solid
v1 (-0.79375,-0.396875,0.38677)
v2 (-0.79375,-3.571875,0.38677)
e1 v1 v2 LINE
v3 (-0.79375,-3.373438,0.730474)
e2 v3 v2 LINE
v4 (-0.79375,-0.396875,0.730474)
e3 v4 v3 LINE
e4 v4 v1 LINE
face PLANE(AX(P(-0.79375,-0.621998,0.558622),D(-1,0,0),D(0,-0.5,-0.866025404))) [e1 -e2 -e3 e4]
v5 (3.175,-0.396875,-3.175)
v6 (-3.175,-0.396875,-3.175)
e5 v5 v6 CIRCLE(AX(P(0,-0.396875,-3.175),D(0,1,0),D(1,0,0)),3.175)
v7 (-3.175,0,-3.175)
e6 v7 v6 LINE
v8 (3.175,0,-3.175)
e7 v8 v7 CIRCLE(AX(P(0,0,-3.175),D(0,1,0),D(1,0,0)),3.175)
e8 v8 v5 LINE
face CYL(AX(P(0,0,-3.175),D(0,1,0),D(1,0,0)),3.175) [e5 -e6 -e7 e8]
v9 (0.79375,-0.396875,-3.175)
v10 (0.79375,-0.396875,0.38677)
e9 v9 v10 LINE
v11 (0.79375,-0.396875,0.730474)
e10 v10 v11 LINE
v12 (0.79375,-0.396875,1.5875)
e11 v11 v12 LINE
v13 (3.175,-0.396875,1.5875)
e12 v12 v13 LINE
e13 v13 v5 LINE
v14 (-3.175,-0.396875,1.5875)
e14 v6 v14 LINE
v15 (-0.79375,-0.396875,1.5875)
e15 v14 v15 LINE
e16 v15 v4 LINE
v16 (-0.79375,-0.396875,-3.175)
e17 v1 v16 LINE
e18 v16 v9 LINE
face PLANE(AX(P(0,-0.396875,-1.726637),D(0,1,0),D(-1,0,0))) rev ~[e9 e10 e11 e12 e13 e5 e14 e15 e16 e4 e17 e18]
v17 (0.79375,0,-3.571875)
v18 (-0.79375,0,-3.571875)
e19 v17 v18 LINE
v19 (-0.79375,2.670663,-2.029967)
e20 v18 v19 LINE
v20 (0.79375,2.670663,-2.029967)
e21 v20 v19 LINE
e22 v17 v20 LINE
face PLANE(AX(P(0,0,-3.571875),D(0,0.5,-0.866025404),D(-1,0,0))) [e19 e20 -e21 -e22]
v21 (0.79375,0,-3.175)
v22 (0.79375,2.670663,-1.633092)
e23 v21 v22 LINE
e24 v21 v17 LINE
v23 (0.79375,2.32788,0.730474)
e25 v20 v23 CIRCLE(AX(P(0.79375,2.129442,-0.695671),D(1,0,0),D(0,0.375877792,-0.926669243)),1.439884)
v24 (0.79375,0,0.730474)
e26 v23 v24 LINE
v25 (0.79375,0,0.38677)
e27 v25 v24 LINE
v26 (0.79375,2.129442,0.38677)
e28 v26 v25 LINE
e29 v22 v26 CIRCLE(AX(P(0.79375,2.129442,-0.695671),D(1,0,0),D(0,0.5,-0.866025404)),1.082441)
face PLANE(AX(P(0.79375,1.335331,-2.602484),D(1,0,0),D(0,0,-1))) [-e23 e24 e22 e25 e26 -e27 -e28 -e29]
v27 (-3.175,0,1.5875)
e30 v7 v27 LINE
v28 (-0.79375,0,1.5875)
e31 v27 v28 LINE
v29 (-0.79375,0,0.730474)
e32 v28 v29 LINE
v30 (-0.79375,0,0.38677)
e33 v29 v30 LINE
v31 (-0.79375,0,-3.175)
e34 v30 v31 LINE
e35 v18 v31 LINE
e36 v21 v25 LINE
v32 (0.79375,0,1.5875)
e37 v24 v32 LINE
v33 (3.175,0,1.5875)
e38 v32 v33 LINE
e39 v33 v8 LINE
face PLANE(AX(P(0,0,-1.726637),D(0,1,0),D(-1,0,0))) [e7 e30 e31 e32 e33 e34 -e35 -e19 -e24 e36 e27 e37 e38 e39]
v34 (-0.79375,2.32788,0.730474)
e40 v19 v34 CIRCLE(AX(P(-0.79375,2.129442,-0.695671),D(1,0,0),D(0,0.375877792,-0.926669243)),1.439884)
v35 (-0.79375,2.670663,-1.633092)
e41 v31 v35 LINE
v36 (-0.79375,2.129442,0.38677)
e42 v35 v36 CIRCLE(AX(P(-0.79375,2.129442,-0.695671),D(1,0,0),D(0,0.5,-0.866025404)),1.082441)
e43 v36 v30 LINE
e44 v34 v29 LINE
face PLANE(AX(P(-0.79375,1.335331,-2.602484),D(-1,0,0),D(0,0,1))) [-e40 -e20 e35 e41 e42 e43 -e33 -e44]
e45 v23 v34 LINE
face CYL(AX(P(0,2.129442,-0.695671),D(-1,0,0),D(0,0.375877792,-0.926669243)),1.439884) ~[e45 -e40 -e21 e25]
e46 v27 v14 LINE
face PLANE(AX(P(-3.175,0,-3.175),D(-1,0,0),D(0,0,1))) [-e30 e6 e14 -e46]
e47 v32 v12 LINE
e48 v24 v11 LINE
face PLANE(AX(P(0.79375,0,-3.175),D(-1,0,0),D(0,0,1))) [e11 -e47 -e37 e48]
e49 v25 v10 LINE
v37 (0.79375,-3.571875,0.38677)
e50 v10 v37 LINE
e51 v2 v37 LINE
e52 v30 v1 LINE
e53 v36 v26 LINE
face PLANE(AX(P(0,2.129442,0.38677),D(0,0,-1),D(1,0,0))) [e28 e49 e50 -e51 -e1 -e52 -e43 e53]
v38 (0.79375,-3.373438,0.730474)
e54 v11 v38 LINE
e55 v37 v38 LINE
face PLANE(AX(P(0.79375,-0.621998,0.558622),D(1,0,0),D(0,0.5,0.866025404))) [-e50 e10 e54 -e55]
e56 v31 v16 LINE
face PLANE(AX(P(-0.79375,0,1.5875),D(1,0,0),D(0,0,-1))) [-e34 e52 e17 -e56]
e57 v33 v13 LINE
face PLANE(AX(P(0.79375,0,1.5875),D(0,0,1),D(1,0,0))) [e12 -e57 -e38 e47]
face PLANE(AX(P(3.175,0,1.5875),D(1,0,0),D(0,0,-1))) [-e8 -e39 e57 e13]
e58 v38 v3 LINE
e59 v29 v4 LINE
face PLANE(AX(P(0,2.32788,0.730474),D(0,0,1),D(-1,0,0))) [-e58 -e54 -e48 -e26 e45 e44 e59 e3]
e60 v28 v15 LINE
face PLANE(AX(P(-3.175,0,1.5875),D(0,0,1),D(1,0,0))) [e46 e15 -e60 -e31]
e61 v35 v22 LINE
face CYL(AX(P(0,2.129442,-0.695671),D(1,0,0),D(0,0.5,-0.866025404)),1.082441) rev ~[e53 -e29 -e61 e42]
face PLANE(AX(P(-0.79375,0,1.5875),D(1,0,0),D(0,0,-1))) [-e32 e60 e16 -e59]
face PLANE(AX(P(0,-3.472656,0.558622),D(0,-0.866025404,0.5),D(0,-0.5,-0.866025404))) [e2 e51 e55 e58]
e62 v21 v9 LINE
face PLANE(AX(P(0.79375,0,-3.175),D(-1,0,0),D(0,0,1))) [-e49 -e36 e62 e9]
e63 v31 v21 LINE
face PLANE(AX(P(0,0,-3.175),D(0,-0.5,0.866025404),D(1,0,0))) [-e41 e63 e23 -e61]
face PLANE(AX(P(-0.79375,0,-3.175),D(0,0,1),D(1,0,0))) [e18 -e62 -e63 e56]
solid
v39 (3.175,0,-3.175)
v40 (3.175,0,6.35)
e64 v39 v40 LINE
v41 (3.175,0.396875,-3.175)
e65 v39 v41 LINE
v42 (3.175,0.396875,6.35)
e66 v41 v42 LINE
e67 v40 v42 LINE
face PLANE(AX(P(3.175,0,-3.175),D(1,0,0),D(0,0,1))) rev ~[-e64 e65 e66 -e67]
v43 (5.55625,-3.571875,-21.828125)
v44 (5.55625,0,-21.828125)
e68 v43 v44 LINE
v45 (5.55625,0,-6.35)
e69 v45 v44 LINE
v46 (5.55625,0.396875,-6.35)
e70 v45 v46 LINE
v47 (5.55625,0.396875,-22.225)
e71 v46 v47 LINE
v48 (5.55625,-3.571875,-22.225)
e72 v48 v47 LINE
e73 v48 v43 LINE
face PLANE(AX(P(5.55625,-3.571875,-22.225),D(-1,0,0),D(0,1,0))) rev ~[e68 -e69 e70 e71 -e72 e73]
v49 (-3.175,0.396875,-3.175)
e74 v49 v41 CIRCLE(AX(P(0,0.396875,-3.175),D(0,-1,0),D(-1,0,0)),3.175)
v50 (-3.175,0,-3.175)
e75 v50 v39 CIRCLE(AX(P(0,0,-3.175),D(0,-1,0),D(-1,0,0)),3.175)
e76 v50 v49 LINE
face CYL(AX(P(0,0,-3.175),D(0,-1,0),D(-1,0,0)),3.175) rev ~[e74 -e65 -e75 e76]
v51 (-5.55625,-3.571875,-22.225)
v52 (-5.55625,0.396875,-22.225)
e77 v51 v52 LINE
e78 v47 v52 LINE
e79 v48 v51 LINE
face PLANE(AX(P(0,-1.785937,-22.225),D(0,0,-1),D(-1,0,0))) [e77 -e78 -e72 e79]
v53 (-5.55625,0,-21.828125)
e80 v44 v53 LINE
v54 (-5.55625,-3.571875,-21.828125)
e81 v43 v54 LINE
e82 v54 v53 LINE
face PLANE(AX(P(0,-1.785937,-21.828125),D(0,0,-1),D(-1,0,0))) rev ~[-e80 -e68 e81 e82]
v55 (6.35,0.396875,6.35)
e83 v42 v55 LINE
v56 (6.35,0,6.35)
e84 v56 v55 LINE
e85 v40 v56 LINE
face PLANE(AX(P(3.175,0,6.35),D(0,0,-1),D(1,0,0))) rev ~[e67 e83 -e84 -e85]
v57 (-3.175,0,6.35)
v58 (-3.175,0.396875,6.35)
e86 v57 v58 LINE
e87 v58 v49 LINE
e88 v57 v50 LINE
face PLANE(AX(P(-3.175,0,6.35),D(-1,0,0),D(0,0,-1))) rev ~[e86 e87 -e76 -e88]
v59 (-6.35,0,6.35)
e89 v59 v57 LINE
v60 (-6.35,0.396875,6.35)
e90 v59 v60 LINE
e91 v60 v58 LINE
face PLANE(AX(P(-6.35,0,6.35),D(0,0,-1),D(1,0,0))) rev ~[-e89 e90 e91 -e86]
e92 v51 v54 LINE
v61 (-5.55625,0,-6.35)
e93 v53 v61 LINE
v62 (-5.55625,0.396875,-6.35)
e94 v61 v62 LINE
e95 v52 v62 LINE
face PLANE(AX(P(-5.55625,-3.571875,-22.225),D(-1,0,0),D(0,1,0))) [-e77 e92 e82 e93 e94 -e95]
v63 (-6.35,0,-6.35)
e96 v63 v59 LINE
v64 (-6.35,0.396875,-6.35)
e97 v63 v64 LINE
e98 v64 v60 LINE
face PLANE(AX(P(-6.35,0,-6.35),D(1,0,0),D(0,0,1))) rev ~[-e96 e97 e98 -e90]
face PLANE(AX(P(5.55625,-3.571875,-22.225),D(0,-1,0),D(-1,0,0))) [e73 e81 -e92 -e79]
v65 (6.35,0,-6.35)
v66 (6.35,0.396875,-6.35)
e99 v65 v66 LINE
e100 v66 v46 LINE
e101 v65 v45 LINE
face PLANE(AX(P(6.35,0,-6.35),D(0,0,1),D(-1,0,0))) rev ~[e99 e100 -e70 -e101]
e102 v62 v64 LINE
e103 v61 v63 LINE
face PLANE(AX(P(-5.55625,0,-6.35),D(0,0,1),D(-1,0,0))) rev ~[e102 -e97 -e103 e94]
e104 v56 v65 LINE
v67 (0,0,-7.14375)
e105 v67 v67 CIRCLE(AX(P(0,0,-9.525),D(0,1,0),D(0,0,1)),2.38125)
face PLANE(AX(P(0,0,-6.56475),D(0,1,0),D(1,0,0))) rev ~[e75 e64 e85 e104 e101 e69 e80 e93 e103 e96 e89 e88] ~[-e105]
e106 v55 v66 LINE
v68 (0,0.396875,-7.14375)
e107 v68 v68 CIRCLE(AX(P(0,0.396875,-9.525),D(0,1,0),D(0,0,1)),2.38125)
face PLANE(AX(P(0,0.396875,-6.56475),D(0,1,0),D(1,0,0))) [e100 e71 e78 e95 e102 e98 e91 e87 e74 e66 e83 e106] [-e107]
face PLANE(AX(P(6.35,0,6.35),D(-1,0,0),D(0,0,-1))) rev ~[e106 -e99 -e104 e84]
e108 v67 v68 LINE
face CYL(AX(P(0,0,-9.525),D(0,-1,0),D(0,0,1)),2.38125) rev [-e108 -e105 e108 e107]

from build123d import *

# Parameters (mm, degrees)
SKETCH1_R           = 2.38125
BOSS_EXTRUDE1_DEPTH = 0.396875
BOSS_EXTRUDE3_DEPTH = 0.396875
SKETCH6_W           = 1.5875
SKETCH6_H           = 0.396875
SKETCH7_W           = 11.1125
SKETCH7_H           = 3.571875
BOSS_EXTRUDE4_DEPTH = 0.396875


with BuildPart() as part:
    # Sketch1 → Boss-Extrude1 (new body)
    with BuildSketch(Plane(origin=(0, 0, 0), x_dir=(1, 0, 0), z_dir=(0, 1, 0))):
        with BuildLine():
            Line((-6.35, -6.35), (-3.175, -6.35))
            Line((-3.175, -6.35), (-3.175, 0))
            Line((-3.175, 0), (-3.175, 3.175))
            ThreePointArc((-3.175, 3.175), (0, 6.35), (3.175, 3.175))
            Line((3.175, 3.175), (3.175, 0))
            Line((3.175, 0), (3.175, -6.35))
            Line((3.175, -6.35), (6.35, -6.35))
            Line((6.35, -6.35), (6.35, 6.35))
            Line((6.35, 6.35), (5.55625, 6.35))
            Line((5.55625, 6.35), (5.55625, 22.225))
            Line((5.55625, 22.225), (-5.55625, 22.225))
            Line((-5.55625, 22.225), (-5.55625, 6.35))
            Line((-5.55625, 6.35), (-6.35, 6.35))
            Line((-6.35, 6.35), (-6.35, -6.35))
        make_face()
        with Locations(Location((0, 9.525, 0), (0, 0, 270))):
            Circle(SKETCH1_R, mode=Mode.SUBTRACT)
    extrude(amount=BOSS_EXTRUDE1_DEPTH)

    # Sketch7 → Boss-Extrude4 (add)
    with BuildSketch(Plane(origin=(0, 0, -22.225), x_dir=(-1, 0, 0), z_dir=(0, 0, -1))):
        with Locations((0, -1.7859375)):
            Rectangle(SKETCH7_W, SKETCH7_H)
    extrude(amount=-BOSS_EXTRUDE4_DEPTH)


with BuildPart() as body_2:
    # Sketch3 → Boss-Extrude3 (new body)
    with BuildSketch(Plane.XZ):
        with BuildLine():
            Line((-3.175, -3.175), (-3.175, 1.5875))
            Line((-3.175, 1.5875), (-0.79375, 1.5875))
            Line((-0.79375, 1.5875), (-0.79375, -3.175))
            Line((-0.79375, -3.175), (0.79375, -3.175))
            Line((0.79375, -3.175), (0.79375, 1.5875))
            Line((0.79375, 1.5875), (3.175, 1.5875))
            Line((3.175, 1.5875), (3.175, -3.175))
            ThreePointArc((3.175, -3.175), (0, -6.35), (-3.175, -3.175))
        make_face()
    extrude(amount=BOSS_EXTRUDE3_DEPTH)

    # Sweep1: sweep along a path in Sketch5
    with BuildLine(Plane(origin=(0, 0, 0), x_dir=(0, 0, -1), z_dir=(1, 0, 0))) as sweep1_path:
        Line((3.175, 0), (1.633092115, 2.670662798))
        ThreePointArc((1.633092115, 2.670662798), (0.415514402, 3.175), (-0.386770227, 2.129442315))
        Line((-0.386770227, 2.129442315), (-0.386770227, -3.571875))
    # Sketch6 → Sweep1 (sweep)
    with BuildSketch(Plane(origin=(0, 0, 0), x_dir=(1, 0, 0), z_dir=(0, 1, 0))):
        with Locations((0, 3.3734375)):
            Rectangle(SKETCH6_W, SKETCH6_H)
    sweep(path=sweep1_path.line)


solid = Compound([part.part, body_2.part])
